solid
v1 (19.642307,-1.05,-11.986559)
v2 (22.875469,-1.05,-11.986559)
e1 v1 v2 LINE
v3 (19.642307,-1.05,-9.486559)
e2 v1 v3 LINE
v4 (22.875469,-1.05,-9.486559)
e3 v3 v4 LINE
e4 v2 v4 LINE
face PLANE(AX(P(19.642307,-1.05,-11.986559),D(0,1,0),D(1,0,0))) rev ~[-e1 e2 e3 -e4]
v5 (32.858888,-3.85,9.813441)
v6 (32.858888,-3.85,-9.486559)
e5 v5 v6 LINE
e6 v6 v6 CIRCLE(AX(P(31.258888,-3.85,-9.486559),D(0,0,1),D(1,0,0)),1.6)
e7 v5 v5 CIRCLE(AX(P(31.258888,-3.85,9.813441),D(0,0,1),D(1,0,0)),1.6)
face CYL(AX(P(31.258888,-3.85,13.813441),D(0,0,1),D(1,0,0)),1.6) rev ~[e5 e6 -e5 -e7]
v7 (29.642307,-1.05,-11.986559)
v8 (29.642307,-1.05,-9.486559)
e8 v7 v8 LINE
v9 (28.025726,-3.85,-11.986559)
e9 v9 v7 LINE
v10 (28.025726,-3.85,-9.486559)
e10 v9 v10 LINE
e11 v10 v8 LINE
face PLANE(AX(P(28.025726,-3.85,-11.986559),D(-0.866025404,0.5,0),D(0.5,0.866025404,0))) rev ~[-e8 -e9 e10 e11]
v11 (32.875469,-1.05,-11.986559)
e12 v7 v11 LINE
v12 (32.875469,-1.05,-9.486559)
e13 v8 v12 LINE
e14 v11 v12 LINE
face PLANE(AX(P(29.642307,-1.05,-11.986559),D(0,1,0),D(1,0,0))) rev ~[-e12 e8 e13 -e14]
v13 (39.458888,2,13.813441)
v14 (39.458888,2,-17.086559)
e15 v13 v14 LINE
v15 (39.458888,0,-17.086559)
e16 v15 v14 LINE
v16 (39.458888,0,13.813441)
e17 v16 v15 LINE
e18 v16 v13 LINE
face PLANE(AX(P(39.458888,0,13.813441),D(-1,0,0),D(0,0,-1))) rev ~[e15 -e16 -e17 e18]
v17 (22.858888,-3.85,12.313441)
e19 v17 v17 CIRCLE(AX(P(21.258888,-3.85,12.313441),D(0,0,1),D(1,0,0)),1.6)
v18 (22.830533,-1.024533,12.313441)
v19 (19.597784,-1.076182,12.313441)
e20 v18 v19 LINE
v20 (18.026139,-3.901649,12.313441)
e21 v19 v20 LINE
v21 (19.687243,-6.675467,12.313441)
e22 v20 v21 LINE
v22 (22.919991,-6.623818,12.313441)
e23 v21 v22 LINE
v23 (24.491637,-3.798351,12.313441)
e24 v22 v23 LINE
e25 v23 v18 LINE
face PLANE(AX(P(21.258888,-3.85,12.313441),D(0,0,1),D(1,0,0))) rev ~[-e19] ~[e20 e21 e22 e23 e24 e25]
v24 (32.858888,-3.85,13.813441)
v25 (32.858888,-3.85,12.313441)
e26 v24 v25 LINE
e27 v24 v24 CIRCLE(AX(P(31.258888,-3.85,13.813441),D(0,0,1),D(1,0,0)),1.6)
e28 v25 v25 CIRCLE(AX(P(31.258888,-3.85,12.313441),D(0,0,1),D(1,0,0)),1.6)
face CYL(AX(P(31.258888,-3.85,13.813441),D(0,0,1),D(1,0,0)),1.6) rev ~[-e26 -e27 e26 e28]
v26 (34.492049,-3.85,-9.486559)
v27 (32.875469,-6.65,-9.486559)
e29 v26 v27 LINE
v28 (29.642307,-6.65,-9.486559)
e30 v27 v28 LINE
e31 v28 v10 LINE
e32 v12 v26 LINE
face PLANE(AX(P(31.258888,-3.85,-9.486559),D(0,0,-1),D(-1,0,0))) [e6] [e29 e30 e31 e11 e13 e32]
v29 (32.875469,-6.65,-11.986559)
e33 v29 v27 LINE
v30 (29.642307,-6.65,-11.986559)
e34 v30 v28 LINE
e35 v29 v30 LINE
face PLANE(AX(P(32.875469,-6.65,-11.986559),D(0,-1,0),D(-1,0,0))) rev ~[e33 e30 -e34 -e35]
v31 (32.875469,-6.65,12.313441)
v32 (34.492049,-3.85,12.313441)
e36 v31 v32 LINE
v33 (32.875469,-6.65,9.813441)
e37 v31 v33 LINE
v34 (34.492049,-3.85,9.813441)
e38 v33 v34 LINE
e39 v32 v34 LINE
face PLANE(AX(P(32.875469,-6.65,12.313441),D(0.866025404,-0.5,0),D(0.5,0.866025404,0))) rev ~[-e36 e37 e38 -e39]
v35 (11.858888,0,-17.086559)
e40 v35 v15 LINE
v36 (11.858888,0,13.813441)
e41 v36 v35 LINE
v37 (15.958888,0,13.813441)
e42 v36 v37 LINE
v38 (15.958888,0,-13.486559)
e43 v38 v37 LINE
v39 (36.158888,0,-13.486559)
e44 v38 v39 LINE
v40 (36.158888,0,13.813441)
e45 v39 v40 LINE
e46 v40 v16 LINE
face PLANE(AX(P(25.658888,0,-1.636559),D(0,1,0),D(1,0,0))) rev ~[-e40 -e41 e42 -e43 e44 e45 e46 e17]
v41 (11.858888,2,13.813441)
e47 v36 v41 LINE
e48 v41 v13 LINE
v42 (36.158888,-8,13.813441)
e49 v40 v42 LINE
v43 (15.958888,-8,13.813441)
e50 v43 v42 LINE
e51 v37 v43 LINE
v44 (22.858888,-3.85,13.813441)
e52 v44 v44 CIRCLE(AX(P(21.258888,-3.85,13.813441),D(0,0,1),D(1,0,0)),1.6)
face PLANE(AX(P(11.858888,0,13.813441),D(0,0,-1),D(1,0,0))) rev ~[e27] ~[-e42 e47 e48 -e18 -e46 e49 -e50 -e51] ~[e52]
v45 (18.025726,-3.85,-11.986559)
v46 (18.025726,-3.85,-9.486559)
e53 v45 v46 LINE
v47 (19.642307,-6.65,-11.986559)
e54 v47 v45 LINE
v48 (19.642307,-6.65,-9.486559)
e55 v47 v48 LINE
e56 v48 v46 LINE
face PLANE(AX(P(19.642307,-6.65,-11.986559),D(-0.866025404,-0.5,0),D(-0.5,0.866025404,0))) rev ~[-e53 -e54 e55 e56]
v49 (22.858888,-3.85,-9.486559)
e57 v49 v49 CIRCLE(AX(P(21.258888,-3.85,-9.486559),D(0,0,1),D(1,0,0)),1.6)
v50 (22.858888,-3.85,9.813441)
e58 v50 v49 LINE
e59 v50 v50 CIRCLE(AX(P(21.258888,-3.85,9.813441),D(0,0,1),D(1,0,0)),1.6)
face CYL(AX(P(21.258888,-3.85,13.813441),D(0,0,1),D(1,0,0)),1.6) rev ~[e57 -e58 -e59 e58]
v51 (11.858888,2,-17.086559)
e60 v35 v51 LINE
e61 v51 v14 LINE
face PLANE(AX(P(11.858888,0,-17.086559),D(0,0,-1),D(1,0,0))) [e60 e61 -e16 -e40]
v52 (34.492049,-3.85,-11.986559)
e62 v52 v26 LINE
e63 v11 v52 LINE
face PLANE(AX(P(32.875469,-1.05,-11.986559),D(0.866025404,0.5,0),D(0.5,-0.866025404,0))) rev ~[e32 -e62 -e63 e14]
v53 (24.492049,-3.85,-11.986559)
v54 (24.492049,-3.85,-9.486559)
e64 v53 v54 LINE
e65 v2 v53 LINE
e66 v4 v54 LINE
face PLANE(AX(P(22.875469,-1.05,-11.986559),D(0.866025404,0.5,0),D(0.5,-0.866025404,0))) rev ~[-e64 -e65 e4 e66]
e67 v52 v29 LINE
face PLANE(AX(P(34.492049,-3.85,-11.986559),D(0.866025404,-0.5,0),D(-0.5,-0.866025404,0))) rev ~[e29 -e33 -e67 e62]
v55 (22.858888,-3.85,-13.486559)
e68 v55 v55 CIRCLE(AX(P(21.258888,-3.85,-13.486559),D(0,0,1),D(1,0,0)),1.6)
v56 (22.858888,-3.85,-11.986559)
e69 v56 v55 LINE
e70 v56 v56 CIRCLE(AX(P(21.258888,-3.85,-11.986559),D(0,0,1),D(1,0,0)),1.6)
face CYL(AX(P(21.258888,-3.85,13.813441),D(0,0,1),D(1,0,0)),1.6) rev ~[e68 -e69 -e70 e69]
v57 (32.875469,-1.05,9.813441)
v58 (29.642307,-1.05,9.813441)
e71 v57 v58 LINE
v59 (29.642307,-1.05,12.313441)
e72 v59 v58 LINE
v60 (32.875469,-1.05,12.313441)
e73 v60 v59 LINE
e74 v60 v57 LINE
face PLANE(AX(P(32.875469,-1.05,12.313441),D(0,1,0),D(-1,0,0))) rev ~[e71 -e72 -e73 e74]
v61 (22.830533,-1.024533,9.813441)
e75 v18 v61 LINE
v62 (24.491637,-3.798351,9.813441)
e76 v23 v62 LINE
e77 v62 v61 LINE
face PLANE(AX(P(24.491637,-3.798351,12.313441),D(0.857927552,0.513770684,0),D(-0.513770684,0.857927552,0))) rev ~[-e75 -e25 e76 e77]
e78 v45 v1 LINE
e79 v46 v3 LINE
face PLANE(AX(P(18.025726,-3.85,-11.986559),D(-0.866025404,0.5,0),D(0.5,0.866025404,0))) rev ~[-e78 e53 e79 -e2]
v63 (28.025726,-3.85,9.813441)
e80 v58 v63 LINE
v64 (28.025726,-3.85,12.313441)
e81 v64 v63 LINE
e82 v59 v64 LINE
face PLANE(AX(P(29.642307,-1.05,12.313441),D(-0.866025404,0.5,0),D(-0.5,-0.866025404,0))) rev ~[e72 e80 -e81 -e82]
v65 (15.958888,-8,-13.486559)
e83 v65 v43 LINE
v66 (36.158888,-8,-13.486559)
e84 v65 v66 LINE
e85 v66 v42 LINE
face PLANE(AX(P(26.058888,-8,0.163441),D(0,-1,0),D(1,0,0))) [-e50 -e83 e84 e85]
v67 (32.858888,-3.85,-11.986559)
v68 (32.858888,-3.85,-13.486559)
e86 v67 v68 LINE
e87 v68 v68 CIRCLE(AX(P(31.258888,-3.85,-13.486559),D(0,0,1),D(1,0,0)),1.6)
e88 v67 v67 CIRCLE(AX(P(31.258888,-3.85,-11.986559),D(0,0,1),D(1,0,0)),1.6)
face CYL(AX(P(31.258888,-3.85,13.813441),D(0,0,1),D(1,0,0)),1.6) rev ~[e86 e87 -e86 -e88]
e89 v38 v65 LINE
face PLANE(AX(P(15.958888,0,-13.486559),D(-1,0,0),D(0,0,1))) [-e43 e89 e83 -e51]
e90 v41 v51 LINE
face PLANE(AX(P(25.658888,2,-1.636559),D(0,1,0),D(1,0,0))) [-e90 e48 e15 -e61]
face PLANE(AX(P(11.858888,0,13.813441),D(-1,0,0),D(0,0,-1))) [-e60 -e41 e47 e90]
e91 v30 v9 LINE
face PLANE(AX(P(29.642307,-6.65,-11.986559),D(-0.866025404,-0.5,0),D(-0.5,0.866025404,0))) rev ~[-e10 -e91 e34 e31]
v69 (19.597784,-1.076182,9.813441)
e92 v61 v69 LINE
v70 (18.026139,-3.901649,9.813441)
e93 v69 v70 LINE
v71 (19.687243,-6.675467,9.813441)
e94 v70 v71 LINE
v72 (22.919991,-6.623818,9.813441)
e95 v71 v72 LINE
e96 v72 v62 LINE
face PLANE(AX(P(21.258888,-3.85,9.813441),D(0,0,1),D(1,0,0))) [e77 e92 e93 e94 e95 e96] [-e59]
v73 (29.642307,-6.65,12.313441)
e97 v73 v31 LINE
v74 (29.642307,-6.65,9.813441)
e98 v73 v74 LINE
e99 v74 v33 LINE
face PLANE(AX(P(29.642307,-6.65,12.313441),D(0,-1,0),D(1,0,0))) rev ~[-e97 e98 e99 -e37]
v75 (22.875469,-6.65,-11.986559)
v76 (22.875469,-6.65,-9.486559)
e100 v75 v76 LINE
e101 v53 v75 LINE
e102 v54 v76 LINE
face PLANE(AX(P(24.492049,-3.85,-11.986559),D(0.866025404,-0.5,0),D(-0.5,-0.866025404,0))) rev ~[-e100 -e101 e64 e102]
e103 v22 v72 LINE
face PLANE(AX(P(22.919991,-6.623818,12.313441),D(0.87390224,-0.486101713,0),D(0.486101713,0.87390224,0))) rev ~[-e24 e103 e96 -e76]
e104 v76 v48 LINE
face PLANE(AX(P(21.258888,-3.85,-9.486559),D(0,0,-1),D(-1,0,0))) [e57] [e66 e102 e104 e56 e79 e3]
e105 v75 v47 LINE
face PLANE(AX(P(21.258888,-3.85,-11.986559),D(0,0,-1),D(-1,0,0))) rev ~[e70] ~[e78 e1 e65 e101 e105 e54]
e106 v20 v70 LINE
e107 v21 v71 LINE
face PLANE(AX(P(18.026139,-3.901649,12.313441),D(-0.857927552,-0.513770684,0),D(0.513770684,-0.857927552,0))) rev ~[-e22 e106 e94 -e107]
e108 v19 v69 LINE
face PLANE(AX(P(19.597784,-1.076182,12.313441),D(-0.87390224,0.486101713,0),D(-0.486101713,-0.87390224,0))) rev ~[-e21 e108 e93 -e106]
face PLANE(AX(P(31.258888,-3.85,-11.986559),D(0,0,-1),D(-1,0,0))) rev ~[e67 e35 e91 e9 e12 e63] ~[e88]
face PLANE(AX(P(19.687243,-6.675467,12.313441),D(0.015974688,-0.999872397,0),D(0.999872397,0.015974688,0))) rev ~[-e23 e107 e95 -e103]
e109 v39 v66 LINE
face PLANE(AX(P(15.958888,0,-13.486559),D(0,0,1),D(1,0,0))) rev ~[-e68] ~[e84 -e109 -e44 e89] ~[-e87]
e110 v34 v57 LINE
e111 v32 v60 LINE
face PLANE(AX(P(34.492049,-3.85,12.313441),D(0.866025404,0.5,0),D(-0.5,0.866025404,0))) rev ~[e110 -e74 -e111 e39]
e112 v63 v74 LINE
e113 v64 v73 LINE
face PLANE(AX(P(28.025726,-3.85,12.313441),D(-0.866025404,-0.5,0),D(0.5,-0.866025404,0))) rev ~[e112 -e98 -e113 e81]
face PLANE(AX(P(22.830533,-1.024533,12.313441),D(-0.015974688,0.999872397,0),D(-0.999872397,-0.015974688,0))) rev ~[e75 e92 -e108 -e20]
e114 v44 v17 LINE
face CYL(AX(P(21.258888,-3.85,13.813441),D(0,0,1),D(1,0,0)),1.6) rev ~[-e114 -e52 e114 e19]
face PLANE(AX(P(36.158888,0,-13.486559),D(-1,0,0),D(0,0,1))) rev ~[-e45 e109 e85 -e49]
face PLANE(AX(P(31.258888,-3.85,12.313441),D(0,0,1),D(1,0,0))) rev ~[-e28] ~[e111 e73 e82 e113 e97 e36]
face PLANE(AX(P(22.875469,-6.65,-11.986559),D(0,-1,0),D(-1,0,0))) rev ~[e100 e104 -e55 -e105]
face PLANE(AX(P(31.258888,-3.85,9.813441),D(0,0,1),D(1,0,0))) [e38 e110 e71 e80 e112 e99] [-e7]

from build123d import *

# Parameters (mm, degrees)
SKETCH1_W           = 27.6
SKETCH1_H           = 30.9
BOSS_EXTRUDE1_DEPTH = 2
SKETCH2_W           = 20.2
SKETCH2_H           = 27.3
BOSS_EXTRUDE2_DEPTH = 8
SKETCH3_R           = 1.6
CUT_EXTRUDE1_DEPTH  = 32
CUT_EXTRUDE2_DEPTH  = 2.5
CUT_EXTRUDE3_DEPTH  = 2.5


with BuildPart() as part:
    # Sketch1 → Boss-Extrude1 (new body)
    with BuildSketch(Plane(origin=(0, 0, 0), x_dir=(1, 0, 0), z_dir=(0, 1, 0))):
        with Locations((25.658887851, 1.636558914)):
            Rectangle(SKETCH1_W, SKETCH1_H)
    extrude(amount=BOSS_EXTRUDE1_DEPTH)

    # Sketch2 → Boss-Extrude2 (add)
    with BuildSketch(Plane.XZ):
        with Locations((26.058887851, 0.163441086)):
            Rectangle(SKETCH2_W, SKETCH2_H)
    extrude(amount=BOSS_EXTRUDE2_DEPTH)

    # Sketch3 → Cut-Extrude1 (cut)
    with BuildSketch(Plane.XY.offset(13.813441086)):
        with Locations((21.258887851, -3.85)):
            Circle(SKETCH3_R)
        with Locations((31.258887851, -3.85)):
            Circle(SKETCH3_R)
    extrude(amount=-CUT_EXTRUDE1_DEPTH, mode=Mode.SUBTRACT)

    # Sketch4 → Cut-Extrude2 (cut)
    with BuildSketch(Plane.XY.offset(12.313441086)):
        Polygon((32.875468605, -6.65), (34.492049359, -3.85), (32.875468605, -1.05), (29.642307097, -1.05), (28.025726344, -3.85), (29.642307097, -6.65), align=None)
        Polygon((22.91999145, -6.623818337), (24.491636796, -3.798351254), (22.830533197, -1.024532917), (19.597784252, -1.076181663), (18.026138906, -3.901648746), (19.687242505, -6.675467083), align=None)
    extrude(amount=-CUT_EXTRUDE2_DEPTH, mode=Mode.SUBTRACT)

    # Sketch5 → Cut-Extrude3 (cut)
    with BuildSketch(Plane(origin=(0, 0, -11.986558914), x_dir=(-1, 0, 0), z_dir=(0, 0, -1))):
        Polygon((-29.642307097, -6.65), (-28.025726344, -3.85), (-29.642307097, -1.05), (-32.875468605, -1.05), (-34.492049359, -3.85), (-32.875468605, -6.65), align=None)
        Polygon((-19.642307097, -6.65), (-18.025726344, -3.85), (-19.642307097, -1.05), (-22.875468605, -1.05), (-24.492049359, -3.85), (-22.875468605, -6.65), align=None)
    extrude(amount=-CUT_EXTRUDE3_DEPTH, mode=Mode.SUBTRACT)


solid = part.part
